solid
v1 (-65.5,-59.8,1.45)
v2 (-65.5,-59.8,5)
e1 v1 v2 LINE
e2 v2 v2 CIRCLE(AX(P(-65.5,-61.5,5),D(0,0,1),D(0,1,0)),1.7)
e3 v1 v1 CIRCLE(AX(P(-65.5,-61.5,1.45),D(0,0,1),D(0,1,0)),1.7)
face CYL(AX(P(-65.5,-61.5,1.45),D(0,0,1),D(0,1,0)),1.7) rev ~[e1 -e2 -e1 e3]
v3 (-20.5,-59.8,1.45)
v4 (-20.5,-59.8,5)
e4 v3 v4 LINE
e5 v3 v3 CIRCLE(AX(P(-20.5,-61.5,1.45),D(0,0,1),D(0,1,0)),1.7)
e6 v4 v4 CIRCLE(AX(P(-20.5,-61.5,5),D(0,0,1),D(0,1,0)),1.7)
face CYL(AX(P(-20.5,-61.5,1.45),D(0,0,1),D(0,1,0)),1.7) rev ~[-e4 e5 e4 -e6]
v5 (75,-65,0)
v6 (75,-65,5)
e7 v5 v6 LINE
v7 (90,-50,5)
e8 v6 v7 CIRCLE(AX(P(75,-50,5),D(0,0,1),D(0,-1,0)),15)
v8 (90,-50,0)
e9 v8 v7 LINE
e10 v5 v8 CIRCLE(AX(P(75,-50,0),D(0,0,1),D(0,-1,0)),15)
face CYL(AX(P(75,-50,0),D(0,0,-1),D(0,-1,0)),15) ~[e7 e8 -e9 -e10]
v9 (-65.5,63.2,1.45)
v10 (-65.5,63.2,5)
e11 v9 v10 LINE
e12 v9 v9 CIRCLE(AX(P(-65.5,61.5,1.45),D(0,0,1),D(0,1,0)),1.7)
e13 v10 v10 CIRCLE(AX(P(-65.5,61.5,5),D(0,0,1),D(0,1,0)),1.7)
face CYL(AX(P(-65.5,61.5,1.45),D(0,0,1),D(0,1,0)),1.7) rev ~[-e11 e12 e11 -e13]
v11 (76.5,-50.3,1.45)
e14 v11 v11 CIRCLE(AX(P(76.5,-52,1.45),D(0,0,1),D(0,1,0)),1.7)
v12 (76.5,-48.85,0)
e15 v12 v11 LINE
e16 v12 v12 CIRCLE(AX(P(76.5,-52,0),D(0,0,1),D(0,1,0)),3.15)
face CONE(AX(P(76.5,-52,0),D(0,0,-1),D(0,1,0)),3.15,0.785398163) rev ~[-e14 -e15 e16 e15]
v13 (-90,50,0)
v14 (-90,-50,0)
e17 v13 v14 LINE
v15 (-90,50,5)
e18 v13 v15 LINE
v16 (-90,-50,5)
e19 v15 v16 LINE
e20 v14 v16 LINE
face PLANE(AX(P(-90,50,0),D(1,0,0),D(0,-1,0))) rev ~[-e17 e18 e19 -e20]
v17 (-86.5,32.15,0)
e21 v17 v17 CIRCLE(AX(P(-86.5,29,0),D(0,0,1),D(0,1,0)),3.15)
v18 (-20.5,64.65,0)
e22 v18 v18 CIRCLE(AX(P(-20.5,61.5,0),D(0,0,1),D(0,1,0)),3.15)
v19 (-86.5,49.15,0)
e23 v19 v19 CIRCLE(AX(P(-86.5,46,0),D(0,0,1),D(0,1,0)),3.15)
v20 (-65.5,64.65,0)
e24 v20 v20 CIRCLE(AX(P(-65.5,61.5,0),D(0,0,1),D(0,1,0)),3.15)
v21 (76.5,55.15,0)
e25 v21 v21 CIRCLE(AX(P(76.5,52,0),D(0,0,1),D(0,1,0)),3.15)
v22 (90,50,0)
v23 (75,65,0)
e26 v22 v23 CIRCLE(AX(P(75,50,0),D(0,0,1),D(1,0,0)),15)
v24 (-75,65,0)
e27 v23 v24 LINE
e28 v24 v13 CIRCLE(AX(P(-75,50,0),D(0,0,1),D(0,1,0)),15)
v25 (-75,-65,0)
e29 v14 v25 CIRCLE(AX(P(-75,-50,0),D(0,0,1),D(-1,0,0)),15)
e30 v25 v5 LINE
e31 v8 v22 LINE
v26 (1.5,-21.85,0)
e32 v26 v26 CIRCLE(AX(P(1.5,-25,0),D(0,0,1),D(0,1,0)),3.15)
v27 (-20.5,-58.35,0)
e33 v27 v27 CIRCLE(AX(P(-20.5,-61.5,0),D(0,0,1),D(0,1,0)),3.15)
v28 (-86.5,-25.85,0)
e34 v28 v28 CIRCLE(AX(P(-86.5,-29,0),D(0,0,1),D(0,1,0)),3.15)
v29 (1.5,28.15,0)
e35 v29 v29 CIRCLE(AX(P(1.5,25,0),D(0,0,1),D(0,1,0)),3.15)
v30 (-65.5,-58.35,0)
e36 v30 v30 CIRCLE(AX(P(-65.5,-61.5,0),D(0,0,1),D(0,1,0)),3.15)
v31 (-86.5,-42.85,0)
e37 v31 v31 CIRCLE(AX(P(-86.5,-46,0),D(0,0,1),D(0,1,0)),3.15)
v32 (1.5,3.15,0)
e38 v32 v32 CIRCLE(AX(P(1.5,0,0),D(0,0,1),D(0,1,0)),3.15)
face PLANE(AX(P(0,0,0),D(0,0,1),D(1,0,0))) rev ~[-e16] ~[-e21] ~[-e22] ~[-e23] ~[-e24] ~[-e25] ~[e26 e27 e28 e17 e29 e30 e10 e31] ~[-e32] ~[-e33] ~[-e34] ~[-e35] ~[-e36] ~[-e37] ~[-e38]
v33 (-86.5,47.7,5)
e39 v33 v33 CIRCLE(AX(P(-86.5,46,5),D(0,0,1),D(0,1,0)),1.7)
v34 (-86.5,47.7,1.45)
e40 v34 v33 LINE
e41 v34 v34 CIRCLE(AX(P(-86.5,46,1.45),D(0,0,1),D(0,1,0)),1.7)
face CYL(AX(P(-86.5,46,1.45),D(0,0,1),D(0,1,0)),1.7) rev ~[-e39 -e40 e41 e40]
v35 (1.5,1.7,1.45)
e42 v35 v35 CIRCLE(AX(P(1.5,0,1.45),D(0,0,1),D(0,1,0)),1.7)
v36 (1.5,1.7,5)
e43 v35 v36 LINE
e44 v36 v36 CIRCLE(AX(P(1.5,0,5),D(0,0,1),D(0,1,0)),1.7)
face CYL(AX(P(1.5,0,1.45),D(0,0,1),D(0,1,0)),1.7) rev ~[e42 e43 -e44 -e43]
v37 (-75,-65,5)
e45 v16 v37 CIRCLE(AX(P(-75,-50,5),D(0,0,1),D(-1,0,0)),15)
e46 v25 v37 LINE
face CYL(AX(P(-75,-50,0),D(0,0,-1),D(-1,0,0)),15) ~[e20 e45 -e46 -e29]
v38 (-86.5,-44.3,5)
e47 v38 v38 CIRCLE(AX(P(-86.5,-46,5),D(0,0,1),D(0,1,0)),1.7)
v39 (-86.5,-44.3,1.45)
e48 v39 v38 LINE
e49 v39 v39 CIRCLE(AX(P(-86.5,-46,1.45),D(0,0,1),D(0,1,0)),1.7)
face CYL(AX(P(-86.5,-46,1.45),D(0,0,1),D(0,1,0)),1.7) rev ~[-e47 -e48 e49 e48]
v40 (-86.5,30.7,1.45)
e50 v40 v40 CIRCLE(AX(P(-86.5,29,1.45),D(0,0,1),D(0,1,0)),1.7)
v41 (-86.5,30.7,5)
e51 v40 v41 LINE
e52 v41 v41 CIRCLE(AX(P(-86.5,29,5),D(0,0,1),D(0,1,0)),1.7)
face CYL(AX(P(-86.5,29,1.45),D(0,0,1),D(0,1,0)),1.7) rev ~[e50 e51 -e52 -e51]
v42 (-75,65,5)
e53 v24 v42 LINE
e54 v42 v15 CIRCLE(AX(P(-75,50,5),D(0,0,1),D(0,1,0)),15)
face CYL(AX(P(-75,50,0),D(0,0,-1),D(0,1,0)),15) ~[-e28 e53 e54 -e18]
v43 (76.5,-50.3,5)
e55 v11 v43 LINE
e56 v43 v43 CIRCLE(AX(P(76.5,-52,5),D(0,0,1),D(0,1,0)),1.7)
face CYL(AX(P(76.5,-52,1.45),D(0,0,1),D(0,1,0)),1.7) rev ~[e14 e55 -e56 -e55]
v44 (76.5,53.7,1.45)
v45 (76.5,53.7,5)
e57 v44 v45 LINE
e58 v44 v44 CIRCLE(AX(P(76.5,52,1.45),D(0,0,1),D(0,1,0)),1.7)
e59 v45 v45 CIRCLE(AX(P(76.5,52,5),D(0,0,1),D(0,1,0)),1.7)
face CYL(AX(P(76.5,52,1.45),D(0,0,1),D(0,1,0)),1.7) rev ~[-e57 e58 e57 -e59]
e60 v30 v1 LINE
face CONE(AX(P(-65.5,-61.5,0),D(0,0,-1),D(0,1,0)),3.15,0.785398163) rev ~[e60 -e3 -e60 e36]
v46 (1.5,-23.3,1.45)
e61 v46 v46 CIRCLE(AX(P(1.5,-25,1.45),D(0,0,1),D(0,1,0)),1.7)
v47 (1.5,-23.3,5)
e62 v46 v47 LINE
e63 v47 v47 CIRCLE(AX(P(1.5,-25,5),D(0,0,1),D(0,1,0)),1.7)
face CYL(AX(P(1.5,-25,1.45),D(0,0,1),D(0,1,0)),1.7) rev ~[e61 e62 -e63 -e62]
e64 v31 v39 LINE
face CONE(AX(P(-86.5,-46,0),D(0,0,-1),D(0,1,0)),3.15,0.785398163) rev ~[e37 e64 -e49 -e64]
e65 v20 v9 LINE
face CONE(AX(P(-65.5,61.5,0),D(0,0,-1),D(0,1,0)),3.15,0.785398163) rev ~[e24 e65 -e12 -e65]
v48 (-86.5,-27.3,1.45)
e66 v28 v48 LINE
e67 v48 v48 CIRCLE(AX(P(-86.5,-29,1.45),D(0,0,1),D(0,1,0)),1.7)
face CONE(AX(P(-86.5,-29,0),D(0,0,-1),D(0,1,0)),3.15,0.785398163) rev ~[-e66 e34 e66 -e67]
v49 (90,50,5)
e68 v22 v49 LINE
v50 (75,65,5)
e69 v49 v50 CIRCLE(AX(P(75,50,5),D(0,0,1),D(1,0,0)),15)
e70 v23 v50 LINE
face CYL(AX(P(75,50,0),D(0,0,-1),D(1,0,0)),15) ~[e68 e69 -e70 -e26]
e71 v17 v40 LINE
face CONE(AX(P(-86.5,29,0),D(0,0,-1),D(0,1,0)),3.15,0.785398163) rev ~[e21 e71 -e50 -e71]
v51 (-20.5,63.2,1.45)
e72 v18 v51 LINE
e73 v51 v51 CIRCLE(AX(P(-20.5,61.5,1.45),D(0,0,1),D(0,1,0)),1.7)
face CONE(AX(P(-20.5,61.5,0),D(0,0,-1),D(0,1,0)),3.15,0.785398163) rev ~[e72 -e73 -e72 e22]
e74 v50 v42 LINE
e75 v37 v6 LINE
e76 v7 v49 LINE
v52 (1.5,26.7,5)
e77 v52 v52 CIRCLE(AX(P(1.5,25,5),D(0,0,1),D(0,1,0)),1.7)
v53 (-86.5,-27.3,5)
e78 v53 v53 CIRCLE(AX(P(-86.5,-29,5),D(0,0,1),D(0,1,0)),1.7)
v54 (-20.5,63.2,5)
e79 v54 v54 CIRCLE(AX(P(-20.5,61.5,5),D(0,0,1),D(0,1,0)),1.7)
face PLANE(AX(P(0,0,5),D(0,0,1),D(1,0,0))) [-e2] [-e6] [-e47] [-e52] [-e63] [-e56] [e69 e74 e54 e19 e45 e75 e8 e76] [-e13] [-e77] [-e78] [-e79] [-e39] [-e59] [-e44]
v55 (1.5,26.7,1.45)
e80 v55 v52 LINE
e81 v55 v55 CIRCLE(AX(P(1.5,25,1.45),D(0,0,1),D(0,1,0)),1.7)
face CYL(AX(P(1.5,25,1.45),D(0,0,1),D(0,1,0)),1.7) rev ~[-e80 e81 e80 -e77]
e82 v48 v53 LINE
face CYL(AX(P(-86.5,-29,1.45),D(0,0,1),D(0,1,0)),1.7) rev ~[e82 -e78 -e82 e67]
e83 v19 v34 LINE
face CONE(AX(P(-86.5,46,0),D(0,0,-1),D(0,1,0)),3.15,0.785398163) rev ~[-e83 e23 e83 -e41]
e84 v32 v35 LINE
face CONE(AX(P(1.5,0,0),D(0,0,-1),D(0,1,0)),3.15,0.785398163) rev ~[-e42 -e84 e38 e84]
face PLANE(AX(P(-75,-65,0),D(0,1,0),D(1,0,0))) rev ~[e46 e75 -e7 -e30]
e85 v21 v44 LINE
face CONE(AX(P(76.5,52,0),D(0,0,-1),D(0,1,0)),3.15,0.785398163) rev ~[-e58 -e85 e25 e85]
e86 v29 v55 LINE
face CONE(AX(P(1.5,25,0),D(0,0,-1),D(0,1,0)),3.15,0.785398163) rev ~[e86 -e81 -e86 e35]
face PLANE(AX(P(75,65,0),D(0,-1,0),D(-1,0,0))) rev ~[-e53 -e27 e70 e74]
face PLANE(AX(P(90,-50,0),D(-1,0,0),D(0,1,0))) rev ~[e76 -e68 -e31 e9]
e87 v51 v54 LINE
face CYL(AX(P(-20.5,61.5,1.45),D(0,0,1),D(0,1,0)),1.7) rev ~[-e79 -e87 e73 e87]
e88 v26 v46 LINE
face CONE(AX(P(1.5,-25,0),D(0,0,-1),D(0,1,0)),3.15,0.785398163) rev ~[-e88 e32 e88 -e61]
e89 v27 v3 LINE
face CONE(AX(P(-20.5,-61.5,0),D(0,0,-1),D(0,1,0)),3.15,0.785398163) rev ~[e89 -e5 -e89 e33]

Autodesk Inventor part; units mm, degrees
ref_plane "YZ Plane" through (0, 0, 0) normal (1, 0, 0) x (0, 1, 0)
ref_plane "XZ Plane" through (0, 0, 0) normal (0, 1, 0) x (-1, 0, 0)
ref_plane "XY Plane" through (0, 0, 0) normal (0, 0, 1) x (1, 0, 0)
sketch "Sketch1" plane through (0, 0, 0) normal (0, 0, 1) x (1, 0, 0)
  line L0 (-75, -65) -> (75, -65)
  line L1 (90, -50) -> (90, 50)
  line L2 (75, 65) -> (-75, 65)
  line L3 (-90, 50) -> (-90, -50)
  line L4 (-90, -65) -> (90, 65) construction
  line L5 (90, -65) -> (-90, 65) construction
  arc A0 (-75, 65) -> (-90, 50) centre (-75, 50) ccw
  arc A1 (-90, -50) -> (-75, -65) centre (-75, -50) ccw
  arc A2 (75, -65) -> (90, -50) centre (75, -50) ccw
  arc A3 (90, 50) -> (75, 65) centre (75, 50) ccw
  point P0 (0, 0)
  dimension "d0" = 130
  dimension "d1" = 180
  dimension "d2" = 15
  dimension "d3" = 15
extrude "Extrusion1" add sketch "Sketch1" along normal blind 5
sketch "Sketch2" plane through (0, 0, 0) normal (0, 0, -1) x (-1, 0, 0)
  circle A0 centre (65.5, 61.5) radius 2 projected
  circle A1 centre (86.5, 46) radius 2 projected
  circle A2 centre (20.5, 61.5) radius 2 projected
  circle A3 centre (86.5, 29) radius 2 projected
  line L0 (12.5, 65) -> (12.5, 57) projected
  line L1 (12.5, 57) -> (75, 57) projected
  arc A4 (82, 50) -> (75, 57) centre (75, 50) ccw projected
  line L2 (82, 50) -> (82, 23) projected
  line L3 (82, 23) -> (90, 23) projected
  line L4 (90, 23) -> (90, 50) projected
  arc A5 (90, 50) -> (75, 65) centre (75, 50) ccw projected
  line L5 (75, 65) -> (12.5, 65) projected
  circle A6 centre (-1.5, -25) radius 2 projected
  circle A7 centre (-1.5, 0) radius 2 projected
  circle A8 centre (-1.5, 25) radius 2 projected
  arc A9 (4.5, 33) -> (2.5, 35) centre (2.5, 33) ccw projected
  line L6 (2.5, 35) -> (-5.5, 35) projected
  arc A10 (-5.5, 35) -> (-7.5, 33) centre (-5.5, 33) ccw projected
  line L7 (-7.5, 33) -> (-7.5, -33) projected
  arc A11 (-7.5, -33) -> (-5.5, -35) centre (-5.5, -33) ccw projected
  line L8 (-5.5, -35) -> (2.5, -35) projected
  arc A12 (2.5, -35) -> (4.5, -33) centre (2.5, -33) ccw projected
  line L9 (4.5, -33) -> (4.5, 33) projected
  circle A13 centre (-76.5, 52) radius 2 projected
  circle A14 centre (-76.5, 52) radius 7.5 projected
  circle A15 centre (-76.5, -52) radius 2 projected
  circle A16 centre (20.5, -61.5) radius 2 projected
  circle A17 centre (65.5, -61.5) radius 2 projected
  circle A18 centre (86.5, -29) radius 2 projected
  circle A19 centre (86.5, -46) radius 2 projected
  line L10 (12.5, -57) -> (12.5, -65) projected
  line L11 (12.5, -65) -> (75, -65) projected
  arc A20 (75, -65) -> (90, -50) centre (75, -50) ccw projected
  line L12 (90, -50) -> (90, -23) projected
  line L13 (90, -23) -> (82, -23) projected
  line L14 (82, -23) -> (82, -50) projected
  arc A21 (75, -57) -> (82, -50) centre (75, -50) ccw projected
  line L15 (75, -57) -> (12.5, -57) projected
  point P0 (0, 0)
hole "Hole1" at (-86.5, -29, 0) at (-86.5, -46, 0) at (-65.5, -61.5, 0) at (-20.5, -61.5, 0) at (1.5, -25, 0) at (1.5, 0, 0) at (1.5, 25, 0) at (76.5, -52, 0) at (76.5, 52, 0) at (-20.5, 61.5, 0) at (-65.5, 61.5, 0) at (-86.5, 46, 0) at (-86.5, 29, 0) direction (0, 0, 1) diameter 3.4 end through all countersink diameter 6.3 countersink angle 90 clearance for "Countersunk Flat Head Screw ISO 2009/7046" size "M3" standard "ISO"
properties part number "fleet_top"
